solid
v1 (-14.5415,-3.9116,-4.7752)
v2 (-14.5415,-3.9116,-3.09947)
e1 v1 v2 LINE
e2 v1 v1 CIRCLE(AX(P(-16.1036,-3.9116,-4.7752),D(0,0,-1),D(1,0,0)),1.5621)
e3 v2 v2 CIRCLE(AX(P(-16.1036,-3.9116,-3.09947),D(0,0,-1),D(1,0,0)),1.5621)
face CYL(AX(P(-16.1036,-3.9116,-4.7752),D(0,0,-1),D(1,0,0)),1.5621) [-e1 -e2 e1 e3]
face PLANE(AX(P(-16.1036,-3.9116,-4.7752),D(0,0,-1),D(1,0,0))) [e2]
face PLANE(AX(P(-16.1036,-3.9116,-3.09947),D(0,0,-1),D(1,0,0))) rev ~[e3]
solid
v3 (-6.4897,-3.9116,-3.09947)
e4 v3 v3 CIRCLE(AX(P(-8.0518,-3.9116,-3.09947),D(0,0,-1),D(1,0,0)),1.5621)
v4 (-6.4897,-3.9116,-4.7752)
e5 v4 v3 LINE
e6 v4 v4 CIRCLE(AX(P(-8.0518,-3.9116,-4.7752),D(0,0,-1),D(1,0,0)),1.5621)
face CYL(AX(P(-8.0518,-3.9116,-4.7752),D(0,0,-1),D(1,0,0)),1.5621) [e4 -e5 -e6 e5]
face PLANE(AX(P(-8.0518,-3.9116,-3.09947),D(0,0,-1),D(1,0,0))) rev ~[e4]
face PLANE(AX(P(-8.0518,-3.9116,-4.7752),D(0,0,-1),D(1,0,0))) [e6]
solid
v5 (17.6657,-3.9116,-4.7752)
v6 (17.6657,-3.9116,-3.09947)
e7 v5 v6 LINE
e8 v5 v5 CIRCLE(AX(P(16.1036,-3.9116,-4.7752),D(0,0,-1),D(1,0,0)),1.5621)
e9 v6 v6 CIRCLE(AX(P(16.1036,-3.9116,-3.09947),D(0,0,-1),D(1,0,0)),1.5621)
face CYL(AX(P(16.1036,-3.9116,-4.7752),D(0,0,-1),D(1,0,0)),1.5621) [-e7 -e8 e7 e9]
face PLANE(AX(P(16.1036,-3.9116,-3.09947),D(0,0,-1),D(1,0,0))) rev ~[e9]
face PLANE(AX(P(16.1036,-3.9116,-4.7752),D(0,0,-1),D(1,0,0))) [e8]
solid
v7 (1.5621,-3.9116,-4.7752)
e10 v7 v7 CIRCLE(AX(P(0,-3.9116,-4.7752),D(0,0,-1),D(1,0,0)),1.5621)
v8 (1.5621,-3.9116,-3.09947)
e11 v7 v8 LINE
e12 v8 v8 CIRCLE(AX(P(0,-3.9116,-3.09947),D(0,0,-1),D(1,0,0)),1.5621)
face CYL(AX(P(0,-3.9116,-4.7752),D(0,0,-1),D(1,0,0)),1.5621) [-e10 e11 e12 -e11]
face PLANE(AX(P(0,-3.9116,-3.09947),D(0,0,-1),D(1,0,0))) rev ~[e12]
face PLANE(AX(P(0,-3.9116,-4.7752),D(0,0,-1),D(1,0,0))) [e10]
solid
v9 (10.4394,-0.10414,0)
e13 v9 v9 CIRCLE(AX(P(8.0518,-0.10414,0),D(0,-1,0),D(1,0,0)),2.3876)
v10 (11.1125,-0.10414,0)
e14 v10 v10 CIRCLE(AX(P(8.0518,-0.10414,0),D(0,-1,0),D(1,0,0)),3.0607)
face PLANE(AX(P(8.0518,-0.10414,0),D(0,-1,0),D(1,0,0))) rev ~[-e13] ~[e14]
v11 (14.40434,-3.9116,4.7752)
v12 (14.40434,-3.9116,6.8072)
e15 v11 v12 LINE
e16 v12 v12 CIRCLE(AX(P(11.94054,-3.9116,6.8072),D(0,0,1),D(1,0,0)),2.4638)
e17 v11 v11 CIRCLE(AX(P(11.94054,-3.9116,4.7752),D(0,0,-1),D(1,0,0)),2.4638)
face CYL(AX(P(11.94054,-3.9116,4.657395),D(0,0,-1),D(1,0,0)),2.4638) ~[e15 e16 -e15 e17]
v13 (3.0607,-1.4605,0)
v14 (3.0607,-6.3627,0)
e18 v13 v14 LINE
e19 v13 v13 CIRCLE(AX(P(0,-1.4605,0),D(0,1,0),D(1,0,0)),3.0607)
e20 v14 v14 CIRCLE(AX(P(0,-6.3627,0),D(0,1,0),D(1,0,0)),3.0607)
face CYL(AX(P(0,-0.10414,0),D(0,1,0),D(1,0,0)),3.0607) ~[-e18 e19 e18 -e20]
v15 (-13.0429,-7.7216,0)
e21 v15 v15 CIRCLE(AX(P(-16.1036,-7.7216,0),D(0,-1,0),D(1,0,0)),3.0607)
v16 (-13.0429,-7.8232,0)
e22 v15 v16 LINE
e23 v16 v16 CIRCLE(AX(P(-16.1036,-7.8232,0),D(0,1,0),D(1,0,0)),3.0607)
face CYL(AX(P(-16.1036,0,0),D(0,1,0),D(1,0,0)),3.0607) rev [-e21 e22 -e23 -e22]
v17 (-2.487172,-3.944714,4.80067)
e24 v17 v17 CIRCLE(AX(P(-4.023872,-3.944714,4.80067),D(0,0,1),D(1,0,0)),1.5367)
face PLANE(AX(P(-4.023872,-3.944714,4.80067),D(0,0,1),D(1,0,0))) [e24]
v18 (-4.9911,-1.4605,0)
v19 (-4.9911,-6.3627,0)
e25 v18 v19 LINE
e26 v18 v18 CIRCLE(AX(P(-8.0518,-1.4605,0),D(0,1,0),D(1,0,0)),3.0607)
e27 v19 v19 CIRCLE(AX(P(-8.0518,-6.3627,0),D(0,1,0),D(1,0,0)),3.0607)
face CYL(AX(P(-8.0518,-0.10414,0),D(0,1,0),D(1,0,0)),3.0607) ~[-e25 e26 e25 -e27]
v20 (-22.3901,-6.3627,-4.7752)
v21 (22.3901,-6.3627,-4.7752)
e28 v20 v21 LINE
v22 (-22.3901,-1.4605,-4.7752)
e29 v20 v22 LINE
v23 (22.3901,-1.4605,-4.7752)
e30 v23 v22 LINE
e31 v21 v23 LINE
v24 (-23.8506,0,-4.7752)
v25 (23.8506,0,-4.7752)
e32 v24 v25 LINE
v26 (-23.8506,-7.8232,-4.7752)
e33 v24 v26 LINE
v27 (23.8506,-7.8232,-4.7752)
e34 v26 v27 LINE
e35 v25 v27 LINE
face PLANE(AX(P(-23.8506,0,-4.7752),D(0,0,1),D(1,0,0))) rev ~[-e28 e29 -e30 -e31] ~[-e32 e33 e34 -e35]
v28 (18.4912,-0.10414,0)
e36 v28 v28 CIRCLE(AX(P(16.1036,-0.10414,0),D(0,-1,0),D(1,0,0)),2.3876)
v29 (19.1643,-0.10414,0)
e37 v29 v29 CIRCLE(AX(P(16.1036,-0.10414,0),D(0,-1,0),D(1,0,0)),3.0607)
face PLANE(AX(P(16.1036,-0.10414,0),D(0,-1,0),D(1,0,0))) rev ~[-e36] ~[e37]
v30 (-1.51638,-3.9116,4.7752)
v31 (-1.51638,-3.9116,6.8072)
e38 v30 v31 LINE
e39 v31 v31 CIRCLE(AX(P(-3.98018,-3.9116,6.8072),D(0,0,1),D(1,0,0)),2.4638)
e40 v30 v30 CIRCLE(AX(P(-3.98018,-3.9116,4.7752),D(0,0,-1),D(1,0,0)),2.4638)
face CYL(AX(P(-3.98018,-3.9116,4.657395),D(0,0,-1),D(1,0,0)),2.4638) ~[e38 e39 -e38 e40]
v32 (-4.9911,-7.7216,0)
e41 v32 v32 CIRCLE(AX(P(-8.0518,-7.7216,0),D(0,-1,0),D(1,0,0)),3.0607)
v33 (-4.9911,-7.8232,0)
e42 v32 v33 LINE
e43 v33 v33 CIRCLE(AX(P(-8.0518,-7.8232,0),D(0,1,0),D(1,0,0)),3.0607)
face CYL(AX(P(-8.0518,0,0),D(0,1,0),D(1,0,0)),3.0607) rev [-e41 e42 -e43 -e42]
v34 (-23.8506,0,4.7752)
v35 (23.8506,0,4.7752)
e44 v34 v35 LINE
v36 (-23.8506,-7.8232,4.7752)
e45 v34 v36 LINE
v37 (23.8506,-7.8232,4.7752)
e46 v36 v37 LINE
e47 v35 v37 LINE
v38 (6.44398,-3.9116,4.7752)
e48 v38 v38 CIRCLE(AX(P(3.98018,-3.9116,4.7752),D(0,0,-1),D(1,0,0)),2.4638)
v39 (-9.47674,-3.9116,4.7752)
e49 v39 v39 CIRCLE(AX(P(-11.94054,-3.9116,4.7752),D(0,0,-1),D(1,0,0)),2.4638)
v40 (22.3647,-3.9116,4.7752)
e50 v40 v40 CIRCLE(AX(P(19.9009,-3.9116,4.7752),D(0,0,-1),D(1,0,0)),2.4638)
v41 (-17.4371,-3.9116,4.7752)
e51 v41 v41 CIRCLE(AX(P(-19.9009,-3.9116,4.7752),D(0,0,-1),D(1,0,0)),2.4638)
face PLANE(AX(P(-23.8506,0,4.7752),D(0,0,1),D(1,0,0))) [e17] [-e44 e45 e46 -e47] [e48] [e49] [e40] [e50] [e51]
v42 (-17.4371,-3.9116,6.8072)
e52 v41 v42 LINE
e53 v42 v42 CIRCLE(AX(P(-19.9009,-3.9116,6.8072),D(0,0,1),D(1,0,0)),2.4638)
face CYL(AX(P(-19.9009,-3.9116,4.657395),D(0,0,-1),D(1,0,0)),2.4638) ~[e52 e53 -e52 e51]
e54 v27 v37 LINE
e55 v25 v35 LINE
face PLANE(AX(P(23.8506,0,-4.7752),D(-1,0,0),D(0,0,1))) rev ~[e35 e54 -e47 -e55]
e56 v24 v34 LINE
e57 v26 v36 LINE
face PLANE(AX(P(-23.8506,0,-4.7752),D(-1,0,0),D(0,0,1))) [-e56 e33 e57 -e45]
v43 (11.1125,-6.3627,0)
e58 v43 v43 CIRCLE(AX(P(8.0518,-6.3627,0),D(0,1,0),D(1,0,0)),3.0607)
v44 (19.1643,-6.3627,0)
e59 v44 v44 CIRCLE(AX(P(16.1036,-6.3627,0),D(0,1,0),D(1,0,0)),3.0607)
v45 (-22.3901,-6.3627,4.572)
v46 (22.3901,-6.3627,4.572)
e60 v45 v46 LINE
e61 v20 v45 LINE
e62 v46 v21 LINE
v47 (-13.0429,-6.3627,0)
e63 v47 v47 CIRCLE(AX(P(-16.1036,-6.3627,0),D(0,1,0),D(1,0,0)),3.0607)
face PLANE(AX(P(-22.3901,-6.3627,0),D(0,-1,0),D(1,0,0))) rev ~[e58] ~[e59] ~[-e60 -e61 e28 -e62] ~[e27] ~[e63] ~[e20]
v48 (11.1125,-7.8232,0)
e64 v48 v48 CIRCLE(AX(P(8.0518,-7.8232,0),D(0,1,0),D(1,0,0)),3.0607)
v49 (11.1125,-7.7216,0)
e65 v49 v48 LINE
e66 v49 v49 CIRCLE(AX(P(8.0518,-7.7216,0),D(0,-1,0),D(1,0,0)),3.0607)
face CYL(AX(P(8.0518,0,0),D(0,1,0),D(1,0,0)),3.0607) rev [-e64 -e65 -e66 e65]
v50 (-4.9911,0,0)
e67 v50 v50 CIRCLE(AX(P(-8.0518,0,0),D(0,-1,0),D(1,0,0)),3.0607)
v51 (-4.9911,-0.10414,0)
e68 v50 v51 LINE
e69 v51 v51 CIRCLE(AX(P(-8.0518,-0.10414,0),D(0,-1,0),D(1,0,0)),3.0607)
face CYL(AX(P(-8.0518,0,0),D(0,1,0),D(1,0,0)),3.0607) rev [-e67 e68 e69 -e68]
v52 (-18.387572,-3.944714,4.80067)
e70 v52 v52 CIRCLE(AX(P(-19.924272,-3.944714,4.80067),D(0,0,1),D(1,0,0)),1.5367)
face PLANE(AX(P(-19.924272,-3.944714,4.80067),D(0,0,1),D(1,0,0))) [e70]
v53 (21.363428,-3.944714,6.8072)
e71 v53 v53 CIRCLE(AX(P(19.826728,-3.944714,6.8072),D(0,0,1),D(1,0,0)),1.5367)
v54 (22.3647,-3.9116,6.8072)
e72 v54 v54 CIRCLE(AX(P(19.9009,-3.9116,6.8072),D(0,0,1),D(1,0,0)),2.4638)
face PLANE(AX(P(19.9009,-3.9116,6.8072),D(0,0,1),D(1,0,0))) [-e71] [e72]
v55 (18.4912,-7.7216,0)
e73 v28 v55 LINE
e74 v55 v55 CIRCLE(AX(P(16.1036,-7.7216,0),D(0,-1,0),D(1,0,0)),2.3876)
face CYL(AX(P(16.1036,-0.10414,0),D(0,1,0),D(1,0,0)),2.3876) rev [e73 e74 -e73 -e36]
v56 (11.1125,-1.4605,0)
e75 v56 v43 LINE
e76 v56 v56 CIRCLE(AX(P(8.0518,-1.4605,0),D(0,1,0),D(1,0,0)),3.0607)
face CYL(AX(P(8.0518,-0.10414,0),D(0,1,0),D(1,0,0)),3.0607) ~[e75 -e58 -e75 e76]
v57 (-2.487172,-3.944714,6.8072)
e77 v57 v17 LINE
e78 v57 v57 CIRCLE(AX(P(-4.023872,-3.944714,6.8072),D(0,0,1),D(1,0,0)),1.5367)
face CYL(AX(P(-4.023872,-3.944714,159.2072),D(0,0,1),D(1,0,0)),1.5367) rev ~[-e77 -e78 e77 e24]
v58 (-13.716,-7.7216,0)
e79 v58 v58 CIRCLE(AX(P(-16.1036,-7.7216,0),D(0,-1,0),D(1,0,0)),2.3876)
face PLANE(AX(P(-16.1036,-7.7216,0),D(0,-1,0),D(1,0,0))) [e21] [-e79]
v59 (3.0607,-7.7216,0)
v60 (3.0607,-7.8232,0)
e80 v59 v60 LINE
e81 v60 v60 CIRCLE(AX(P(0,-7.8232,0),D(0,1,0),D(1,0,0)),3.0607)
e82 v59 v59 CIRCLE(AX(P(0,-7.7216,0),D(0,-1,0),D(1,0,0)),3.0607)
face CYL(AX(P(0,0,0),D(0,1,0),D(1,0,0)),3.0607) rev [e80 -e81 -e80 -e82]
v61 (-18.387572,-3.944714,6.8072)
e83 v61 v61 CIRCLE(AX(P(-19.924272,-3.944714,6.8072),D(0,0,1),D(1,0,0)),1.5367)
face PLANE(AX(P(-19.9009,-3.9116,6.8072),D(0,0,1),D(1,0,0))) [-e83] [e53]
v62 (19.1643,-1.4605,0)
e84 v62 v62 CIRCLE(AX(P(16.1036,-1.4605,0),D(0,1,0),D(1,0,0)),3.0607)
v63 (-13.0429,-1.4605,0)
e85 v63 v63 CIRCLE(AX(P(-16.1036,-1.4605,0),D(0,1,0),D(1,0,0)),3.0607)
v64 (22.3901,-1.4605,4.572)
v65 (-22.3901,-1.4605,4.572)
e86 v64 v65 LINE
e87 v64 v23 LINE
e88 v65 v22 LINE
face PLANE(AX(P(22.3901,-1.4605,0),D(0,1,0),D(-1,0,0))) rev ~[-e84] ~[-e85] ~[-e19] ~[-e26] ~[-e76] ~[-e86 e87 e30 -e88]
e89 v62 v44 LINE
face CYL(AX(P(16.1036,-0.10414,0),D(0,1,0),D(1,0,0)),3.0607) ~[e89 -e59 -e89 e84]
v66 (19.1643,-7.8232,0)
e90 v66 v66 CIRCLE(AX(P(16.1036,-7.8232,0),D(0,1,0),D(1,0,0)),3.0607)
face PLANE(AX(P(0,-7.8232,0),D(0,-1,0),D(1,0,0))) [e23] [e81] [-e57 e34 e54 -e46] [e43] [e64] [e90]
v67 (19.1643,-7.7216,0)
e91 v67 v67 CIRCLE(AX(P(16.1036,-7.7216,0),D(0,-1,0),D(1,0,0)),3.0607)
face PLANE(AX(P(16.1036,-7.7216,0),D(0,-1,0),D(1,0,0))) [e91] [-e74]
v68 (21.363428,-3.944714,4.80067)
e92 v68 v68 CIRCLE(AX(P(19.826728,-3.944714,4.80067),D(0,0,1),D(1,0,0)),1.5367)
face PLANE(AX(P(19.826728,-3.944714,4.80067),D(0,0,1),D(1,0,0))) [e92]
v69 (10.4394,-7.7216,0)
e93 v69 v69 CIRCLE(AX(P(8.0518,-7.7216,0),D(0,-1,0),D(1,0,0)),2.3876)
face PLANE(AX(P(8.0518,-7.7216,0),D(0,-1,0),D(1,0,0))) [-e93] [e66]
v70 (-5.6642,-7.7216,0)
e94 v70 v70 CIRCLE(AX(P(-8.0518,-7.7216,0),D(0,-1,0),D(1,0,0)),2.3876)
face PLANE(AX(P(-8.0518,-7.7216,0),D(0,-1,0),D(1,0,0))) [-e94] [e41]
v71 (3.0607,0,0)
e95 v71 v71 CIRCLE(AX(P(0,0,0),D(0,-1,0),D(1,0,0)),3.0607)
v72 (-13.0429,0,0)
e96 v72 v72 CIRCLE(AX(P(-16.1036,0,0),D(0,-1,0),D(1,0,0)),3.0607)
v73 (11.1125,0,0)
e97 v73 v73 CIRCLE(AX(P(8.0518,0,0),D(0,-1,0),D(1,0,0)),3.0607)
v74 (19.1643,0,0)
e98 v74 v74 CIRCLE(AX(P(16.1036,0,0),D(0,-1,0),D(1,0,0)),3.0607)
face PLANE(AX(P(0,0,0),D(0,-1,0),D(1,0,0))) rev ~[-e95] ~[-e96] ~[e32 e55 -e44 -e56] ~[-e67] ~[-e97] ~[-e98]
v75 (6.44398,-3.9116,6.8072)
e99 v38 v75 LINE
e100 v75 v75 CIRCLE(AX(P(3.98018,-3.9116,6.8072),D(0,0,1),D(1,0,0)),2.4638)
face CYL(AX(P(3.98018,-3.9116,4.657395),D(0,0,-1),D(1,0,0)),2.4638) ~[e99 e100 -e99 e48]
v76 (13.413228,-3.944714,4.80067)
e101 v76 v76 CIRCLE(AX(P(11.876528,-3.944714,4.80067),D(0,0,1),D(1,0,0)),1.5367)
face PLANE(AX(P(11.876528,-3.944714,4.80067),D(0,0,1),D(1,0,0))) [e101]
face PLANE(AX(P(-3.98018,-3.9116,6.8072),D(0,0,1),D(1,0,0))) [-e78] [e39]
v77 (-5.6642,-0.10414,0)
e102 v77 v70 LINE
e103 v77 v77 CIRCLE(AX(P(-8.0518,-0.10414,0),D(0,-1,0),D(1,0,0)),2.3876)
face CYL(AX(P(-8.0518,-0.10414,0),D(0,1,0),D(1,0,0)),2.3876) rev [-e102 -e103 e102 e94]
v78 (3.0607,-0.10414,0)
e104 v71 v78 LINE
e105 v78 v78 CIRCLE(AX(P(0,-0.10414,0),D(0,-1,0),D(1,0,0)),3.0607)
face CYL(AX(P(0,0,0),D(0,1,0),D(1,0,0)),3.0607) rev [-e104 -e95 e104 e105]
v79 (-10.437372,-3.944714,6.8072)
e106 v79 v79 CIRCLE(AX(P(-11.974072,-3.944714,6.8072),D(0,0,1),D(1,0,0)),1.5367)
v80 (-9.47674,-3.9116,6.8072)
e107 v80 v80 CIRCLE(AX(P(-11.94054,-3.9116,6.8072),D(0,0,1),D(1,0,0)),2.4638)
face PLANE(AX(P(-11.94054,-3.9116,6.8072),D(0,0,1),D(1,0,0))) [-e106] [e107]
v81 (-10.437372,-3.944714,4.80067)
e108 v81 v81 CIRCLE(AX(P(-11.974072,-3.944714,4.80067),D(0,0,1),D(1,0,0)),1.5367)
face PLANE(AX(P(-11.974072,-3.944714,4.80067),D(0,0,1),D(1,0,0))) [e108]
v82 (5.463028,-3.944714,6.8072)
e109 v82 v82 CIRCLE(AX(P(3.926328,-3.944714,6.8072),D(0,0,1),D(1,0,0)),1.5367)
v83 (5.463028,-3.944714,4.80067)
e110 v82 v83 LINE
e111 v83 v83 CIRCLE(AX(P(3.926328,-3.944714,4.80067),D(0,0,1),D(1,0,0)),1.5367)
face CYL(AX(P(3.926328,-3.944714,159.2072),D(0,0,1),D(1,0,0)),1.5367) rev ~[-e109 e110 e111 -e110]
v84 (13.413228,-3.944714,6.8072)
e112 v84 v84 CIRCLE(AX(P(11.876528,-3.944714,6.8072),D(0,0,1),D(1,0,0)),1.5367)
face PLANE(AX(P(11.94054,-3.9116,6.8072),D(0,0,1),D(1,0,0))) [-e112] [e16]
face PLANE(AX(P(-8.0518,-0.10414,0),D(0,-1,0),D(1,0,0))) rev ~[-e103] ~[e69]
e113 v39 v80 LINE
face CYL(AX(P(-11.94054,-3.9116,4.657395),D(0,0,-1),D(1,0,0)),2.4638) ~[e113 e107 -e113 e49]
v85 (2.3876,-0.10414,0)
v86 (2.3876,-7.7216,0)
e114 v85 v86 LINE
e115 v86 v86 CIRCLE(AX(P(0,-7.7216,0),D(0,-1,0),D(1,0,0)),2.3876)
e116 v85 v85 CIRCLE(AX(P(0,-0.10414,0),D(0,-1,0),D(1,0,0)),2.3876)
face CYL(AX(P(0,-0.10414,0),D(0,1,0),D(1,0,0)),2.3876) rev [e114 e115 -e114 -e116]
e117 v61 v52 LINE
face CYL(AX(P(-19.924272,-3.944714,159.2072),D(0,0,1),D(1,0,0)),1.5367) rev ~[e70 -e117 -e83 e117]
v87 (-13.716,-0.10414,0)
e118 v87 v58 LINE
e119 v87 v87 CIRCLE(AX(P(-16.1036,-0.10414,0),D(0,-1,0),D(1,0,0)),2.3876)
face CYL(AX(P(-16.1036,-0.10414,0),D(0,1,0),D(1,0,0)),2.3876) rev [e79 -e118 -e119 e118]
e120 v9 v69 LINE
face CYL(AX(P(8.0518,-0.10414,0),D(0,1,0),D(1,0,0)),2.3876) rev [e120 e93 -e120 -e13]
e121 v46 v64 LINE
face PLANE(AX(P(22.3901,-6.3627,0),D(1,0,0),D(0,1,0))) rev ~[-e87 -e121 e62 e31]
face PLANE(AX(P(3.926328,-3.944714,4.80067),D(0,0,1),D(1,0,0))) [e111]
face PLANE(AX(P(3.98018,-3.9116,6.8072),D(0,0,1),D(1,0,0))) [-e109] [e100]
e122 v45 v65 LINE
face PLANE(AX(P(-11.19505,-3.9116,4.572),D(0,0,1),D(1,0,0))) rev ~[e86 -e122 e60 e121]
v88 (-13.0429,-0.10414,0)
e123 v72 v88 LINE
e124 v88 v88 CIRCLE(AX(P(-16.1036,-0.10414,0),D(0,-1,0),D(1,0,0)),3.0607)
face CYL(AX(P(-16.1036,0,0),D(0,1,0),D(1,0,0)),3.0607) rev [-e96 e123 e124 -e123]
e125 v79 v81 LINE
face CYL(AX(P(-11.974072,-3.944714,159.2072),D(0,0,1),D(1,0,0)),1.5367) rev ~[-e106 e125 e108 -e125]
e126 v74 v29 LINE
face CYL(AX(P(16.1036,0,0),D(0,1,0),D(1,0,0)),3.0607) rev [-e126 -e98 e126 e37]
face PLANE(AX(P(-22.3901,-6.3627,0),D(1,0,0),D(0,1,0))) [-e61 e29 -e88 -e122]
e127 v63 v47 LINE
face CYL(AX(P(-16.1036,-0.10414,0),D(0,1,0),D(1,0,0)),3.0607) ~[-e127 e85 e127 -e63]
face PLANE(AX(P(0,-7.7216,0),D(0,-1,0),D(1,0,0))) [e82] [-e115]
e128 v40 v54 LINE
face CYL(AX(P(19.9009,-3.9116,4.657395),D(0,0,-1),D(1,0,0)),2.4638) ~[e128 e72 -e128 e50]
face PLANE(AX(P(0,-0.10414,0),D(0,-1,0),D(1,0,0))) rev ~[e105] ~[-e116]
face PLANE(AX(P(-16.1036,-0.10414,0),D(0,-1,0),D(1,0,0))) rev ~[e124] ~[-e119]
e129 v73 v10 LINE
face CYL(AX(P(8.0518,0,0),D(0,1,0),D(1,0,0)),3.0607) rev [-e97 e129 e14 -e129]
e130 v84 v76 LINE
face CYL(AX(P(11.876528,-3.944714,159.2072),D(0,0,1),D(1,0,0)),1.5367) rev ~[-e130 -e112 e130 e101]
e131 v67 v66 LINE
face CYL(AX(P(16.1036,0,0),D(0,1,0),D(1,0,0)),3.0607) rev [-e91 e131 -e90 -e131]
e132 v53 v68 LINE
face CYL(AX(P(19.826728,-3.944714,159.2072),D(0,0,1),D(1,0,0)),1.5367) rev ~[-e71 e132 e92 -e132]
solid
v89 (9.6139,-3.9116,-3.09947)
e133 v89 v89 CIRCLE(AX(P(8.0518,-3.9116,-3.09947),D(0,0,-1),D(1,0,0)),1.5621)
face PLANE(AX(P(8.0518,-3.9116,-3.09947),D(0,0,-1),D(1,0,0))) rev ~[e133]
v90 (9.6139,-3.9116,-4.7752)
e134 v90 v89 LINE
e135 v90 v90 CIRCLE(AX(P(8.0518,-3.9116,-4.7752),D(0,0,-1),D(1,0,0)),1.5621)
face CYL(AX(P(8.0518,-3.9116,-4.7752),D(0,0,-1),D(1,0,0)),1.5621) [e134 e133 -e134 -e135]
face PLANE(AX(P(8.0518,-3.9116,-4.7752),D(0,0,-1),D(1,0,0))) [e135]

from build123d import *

# Parameters (mm, degrees)
F0_W          = 47.7012
F0_H          = 9.5504
F1_DEPTH      = 7.8232
F2_W          = 22.3901
F2_H          = 4.9022
F3_DEPTH      = 4.7762
F3_DEPTH_BACK = 4.572
F5_START      = 4.6573948
F4_R          = 2.4638
F5_DEPTH      = 2.1498052
F7_R          = 1.5367
F8_DEPTH      = 154.40653
F9_R          = 3.0607
F10_DEPTH     = 9.13976
F12_START     = 0.10414
F11_R         = 3.0607
F11_R_2       = 2.3876
F12_DEPTH     = 7.61746
F14_R         = 1.5621
F15_DEPTH     = 1.67573


with BuildPart() as f1:
    # F0 (on Front) → F1 (new body)
    with BuildSketch(Plane.XZ):
        Rectangle(F0_W, F0_H)
    extrude(amount=F1_DEPTH)

    # F2 (on Top) → F3 (cut, two sides)
    with BuildSketch(Plane.XY) as f3_sk:
        with Locations((-11.19505, -3.9116)):
            Rectangle(F2_W, F2_H)
        with Locations((11.19505, -3.9116)):
            Rectangle(F2_W, F2_H)
    extrude(amount=-F3_DEPTH, mode=Mode.SUBTRACT)
    extrude(f3_sk.sketch, amount=F3_DEPTH_BACK, mode=Mode.SUBTRACT)

    # F4 (on Top) → F5 (join)
    with BuildSketch(Plane.XY.offset(F5_START)):
        with Locations((-19.9009, -3.9116)):
            Circle(F4_R)
        with Locations((-11.94054, -3.9116)):
            Circle(F4_R)
        with Locations((-3.98018, -3.9116)):
            Circle(F4_R)
        with Locations((3.98018, -3.9116)):
            Circle(F4_R)
        with Locations((11.94054, -3.9116)):
            Circle(F4_R)
        with Locations((19.9009, -3.9116)):
            Circle(F4_R)
    extrude(amount=F5_DEPTH)

    # F7 (on offset) → F8 (cut)
    with BuildSketch(Plane.XY.offset(159.2072)):
        with Locations((19.8267276498, -3.9447140065)):
            Circle(F7_R)
        with Locations((11.8765276498, -3.9447140065)):
            Circle(F7_R)
        with Locations((3.9263276498, -3.9447140065)):
            Circle(F7_R)
        with Locations((-4.0238723502, -3.9447140065)):
            Circle(F7_R)
        with Locations((-11.9740723502, -3.9447140065)):
            Circle(F7_R)
        with Locations((-19.9242723502, -3.9447140065)):
            Circle(F7_R)
    extrude(amount=-F8_DEPTH, mode=Mode.SUBTRACT)

    # F9 (on Front) → F10 (cut)
    with BuildSketch(Plane.XZ):
        Circle(F9_R)
        with Locations((8.0518, 0)):
            Circle(F9_R)
        with Locations((16.1036, 0)):
            Circle(F9_R)
        with Locations((-8.0518, 0)):
            Circle(F9_R)
        with Locations((-16.1036, 0)):
            Circle(F9_R)
    extrude(amount=F10_DEPTH, mode=Mode.SUBTRACT)

    # F11 (on Front) → F12 (join)
    with BuildSketch(Plane.XZ.offset(F12_START)):
        Circle(F11_R)
        Circle(F11_R_2, mode=Mode.SUBTRACT)
        with Locations((8.0518, 0)):
            Circle(F11_R)
        with Locations((8.0518, 0)):
            Circle(F11_R_2, mode=Mode.SUBTRACT)
        with Locations((16.1036, 0)):
            Circle(F11_R)
        with Locations((16.1036, 0)):
            Circle(F11_R_2, mode=Mode.SUBTRACT)
        with Locations((-8.0518, 0)):
            Circle(F11_R)
        with Locations((-8.0518, 0)):
            Circle(F11_R_2, mode=Mode.SUBTRACT)
        with Locations((-16.1036, 0)):
            Circle(F11_R)
        with Locations((-16.1036, 0)):
            Circle(F11_R_2, mode=Mode.SUBTRACT)
    extrude(amount=F12_DEPTH)


with BuildPart() as f15:
    # F14 (on offset) → F15 (new body)
    with BuildSketch(Plane(origin=(0, 0, -4.7752), x_dir=(1, 0, 0), z_dir=(0, 0, -1))):
        with Locations((0, 3.9116)):
            Circle(F14_R)
    extrude(amount=-F15_DEPTH)


with BuildPart() as f15b:
    # F14 (on offset) → F15, piece 2 (new body)
    with BuildSketch(Plane(origin=(0, 0, -4.7752), x_dir=(1, 0, 0), z_dir=(0, 0, -1))):
        with Locations((8.0518, 3.9116)):
            Circle(F14_R)
    extrude(amount=-F15_DEPTH)


with BuildPart() as f15c:
    # F14 (on offset) → F15, piece 3 (new body)
    with BuildSketch(Plane(origin=(0, 0, -4.7752), x_dir=(1, 0, 0), z_dir=(0, 0, -1))):
        with Locations((16.1036, 3.9116)):
            Circle(F14_R)
    extrude(amount=-F15_DEPTH)


with BuildPart() as f15d:
    # F14 (on offset) → F15, piece 4 (new body)
    with BuildSketch(Plane(origin=(0, 0, -4.7752), x_dir=(1, 0, 0), z_dir=(0, 0, -1))):
        with Locations((-8.0518, 3.9116)):
            Circle(F14_R)
    extrude(amount=-F15_DEPTH)


with BuildPart() as f15e:
    # F14 (on offset) → F15, piece 5 (new body)
    with BuildSketch(Plane(origin=(0, 0, -4.7752), x_dir=(1, 0, 0), z_dir=(0, 0, -1))):
        with Locations((-16.1036, 3.9116)):
            Circle(F14_R)
    extrude(amount=-F15_DEPTH)


solid = Compound([f1.part, f15.part, f15b.part, f15c.part, f15d.part, f15e.part])
